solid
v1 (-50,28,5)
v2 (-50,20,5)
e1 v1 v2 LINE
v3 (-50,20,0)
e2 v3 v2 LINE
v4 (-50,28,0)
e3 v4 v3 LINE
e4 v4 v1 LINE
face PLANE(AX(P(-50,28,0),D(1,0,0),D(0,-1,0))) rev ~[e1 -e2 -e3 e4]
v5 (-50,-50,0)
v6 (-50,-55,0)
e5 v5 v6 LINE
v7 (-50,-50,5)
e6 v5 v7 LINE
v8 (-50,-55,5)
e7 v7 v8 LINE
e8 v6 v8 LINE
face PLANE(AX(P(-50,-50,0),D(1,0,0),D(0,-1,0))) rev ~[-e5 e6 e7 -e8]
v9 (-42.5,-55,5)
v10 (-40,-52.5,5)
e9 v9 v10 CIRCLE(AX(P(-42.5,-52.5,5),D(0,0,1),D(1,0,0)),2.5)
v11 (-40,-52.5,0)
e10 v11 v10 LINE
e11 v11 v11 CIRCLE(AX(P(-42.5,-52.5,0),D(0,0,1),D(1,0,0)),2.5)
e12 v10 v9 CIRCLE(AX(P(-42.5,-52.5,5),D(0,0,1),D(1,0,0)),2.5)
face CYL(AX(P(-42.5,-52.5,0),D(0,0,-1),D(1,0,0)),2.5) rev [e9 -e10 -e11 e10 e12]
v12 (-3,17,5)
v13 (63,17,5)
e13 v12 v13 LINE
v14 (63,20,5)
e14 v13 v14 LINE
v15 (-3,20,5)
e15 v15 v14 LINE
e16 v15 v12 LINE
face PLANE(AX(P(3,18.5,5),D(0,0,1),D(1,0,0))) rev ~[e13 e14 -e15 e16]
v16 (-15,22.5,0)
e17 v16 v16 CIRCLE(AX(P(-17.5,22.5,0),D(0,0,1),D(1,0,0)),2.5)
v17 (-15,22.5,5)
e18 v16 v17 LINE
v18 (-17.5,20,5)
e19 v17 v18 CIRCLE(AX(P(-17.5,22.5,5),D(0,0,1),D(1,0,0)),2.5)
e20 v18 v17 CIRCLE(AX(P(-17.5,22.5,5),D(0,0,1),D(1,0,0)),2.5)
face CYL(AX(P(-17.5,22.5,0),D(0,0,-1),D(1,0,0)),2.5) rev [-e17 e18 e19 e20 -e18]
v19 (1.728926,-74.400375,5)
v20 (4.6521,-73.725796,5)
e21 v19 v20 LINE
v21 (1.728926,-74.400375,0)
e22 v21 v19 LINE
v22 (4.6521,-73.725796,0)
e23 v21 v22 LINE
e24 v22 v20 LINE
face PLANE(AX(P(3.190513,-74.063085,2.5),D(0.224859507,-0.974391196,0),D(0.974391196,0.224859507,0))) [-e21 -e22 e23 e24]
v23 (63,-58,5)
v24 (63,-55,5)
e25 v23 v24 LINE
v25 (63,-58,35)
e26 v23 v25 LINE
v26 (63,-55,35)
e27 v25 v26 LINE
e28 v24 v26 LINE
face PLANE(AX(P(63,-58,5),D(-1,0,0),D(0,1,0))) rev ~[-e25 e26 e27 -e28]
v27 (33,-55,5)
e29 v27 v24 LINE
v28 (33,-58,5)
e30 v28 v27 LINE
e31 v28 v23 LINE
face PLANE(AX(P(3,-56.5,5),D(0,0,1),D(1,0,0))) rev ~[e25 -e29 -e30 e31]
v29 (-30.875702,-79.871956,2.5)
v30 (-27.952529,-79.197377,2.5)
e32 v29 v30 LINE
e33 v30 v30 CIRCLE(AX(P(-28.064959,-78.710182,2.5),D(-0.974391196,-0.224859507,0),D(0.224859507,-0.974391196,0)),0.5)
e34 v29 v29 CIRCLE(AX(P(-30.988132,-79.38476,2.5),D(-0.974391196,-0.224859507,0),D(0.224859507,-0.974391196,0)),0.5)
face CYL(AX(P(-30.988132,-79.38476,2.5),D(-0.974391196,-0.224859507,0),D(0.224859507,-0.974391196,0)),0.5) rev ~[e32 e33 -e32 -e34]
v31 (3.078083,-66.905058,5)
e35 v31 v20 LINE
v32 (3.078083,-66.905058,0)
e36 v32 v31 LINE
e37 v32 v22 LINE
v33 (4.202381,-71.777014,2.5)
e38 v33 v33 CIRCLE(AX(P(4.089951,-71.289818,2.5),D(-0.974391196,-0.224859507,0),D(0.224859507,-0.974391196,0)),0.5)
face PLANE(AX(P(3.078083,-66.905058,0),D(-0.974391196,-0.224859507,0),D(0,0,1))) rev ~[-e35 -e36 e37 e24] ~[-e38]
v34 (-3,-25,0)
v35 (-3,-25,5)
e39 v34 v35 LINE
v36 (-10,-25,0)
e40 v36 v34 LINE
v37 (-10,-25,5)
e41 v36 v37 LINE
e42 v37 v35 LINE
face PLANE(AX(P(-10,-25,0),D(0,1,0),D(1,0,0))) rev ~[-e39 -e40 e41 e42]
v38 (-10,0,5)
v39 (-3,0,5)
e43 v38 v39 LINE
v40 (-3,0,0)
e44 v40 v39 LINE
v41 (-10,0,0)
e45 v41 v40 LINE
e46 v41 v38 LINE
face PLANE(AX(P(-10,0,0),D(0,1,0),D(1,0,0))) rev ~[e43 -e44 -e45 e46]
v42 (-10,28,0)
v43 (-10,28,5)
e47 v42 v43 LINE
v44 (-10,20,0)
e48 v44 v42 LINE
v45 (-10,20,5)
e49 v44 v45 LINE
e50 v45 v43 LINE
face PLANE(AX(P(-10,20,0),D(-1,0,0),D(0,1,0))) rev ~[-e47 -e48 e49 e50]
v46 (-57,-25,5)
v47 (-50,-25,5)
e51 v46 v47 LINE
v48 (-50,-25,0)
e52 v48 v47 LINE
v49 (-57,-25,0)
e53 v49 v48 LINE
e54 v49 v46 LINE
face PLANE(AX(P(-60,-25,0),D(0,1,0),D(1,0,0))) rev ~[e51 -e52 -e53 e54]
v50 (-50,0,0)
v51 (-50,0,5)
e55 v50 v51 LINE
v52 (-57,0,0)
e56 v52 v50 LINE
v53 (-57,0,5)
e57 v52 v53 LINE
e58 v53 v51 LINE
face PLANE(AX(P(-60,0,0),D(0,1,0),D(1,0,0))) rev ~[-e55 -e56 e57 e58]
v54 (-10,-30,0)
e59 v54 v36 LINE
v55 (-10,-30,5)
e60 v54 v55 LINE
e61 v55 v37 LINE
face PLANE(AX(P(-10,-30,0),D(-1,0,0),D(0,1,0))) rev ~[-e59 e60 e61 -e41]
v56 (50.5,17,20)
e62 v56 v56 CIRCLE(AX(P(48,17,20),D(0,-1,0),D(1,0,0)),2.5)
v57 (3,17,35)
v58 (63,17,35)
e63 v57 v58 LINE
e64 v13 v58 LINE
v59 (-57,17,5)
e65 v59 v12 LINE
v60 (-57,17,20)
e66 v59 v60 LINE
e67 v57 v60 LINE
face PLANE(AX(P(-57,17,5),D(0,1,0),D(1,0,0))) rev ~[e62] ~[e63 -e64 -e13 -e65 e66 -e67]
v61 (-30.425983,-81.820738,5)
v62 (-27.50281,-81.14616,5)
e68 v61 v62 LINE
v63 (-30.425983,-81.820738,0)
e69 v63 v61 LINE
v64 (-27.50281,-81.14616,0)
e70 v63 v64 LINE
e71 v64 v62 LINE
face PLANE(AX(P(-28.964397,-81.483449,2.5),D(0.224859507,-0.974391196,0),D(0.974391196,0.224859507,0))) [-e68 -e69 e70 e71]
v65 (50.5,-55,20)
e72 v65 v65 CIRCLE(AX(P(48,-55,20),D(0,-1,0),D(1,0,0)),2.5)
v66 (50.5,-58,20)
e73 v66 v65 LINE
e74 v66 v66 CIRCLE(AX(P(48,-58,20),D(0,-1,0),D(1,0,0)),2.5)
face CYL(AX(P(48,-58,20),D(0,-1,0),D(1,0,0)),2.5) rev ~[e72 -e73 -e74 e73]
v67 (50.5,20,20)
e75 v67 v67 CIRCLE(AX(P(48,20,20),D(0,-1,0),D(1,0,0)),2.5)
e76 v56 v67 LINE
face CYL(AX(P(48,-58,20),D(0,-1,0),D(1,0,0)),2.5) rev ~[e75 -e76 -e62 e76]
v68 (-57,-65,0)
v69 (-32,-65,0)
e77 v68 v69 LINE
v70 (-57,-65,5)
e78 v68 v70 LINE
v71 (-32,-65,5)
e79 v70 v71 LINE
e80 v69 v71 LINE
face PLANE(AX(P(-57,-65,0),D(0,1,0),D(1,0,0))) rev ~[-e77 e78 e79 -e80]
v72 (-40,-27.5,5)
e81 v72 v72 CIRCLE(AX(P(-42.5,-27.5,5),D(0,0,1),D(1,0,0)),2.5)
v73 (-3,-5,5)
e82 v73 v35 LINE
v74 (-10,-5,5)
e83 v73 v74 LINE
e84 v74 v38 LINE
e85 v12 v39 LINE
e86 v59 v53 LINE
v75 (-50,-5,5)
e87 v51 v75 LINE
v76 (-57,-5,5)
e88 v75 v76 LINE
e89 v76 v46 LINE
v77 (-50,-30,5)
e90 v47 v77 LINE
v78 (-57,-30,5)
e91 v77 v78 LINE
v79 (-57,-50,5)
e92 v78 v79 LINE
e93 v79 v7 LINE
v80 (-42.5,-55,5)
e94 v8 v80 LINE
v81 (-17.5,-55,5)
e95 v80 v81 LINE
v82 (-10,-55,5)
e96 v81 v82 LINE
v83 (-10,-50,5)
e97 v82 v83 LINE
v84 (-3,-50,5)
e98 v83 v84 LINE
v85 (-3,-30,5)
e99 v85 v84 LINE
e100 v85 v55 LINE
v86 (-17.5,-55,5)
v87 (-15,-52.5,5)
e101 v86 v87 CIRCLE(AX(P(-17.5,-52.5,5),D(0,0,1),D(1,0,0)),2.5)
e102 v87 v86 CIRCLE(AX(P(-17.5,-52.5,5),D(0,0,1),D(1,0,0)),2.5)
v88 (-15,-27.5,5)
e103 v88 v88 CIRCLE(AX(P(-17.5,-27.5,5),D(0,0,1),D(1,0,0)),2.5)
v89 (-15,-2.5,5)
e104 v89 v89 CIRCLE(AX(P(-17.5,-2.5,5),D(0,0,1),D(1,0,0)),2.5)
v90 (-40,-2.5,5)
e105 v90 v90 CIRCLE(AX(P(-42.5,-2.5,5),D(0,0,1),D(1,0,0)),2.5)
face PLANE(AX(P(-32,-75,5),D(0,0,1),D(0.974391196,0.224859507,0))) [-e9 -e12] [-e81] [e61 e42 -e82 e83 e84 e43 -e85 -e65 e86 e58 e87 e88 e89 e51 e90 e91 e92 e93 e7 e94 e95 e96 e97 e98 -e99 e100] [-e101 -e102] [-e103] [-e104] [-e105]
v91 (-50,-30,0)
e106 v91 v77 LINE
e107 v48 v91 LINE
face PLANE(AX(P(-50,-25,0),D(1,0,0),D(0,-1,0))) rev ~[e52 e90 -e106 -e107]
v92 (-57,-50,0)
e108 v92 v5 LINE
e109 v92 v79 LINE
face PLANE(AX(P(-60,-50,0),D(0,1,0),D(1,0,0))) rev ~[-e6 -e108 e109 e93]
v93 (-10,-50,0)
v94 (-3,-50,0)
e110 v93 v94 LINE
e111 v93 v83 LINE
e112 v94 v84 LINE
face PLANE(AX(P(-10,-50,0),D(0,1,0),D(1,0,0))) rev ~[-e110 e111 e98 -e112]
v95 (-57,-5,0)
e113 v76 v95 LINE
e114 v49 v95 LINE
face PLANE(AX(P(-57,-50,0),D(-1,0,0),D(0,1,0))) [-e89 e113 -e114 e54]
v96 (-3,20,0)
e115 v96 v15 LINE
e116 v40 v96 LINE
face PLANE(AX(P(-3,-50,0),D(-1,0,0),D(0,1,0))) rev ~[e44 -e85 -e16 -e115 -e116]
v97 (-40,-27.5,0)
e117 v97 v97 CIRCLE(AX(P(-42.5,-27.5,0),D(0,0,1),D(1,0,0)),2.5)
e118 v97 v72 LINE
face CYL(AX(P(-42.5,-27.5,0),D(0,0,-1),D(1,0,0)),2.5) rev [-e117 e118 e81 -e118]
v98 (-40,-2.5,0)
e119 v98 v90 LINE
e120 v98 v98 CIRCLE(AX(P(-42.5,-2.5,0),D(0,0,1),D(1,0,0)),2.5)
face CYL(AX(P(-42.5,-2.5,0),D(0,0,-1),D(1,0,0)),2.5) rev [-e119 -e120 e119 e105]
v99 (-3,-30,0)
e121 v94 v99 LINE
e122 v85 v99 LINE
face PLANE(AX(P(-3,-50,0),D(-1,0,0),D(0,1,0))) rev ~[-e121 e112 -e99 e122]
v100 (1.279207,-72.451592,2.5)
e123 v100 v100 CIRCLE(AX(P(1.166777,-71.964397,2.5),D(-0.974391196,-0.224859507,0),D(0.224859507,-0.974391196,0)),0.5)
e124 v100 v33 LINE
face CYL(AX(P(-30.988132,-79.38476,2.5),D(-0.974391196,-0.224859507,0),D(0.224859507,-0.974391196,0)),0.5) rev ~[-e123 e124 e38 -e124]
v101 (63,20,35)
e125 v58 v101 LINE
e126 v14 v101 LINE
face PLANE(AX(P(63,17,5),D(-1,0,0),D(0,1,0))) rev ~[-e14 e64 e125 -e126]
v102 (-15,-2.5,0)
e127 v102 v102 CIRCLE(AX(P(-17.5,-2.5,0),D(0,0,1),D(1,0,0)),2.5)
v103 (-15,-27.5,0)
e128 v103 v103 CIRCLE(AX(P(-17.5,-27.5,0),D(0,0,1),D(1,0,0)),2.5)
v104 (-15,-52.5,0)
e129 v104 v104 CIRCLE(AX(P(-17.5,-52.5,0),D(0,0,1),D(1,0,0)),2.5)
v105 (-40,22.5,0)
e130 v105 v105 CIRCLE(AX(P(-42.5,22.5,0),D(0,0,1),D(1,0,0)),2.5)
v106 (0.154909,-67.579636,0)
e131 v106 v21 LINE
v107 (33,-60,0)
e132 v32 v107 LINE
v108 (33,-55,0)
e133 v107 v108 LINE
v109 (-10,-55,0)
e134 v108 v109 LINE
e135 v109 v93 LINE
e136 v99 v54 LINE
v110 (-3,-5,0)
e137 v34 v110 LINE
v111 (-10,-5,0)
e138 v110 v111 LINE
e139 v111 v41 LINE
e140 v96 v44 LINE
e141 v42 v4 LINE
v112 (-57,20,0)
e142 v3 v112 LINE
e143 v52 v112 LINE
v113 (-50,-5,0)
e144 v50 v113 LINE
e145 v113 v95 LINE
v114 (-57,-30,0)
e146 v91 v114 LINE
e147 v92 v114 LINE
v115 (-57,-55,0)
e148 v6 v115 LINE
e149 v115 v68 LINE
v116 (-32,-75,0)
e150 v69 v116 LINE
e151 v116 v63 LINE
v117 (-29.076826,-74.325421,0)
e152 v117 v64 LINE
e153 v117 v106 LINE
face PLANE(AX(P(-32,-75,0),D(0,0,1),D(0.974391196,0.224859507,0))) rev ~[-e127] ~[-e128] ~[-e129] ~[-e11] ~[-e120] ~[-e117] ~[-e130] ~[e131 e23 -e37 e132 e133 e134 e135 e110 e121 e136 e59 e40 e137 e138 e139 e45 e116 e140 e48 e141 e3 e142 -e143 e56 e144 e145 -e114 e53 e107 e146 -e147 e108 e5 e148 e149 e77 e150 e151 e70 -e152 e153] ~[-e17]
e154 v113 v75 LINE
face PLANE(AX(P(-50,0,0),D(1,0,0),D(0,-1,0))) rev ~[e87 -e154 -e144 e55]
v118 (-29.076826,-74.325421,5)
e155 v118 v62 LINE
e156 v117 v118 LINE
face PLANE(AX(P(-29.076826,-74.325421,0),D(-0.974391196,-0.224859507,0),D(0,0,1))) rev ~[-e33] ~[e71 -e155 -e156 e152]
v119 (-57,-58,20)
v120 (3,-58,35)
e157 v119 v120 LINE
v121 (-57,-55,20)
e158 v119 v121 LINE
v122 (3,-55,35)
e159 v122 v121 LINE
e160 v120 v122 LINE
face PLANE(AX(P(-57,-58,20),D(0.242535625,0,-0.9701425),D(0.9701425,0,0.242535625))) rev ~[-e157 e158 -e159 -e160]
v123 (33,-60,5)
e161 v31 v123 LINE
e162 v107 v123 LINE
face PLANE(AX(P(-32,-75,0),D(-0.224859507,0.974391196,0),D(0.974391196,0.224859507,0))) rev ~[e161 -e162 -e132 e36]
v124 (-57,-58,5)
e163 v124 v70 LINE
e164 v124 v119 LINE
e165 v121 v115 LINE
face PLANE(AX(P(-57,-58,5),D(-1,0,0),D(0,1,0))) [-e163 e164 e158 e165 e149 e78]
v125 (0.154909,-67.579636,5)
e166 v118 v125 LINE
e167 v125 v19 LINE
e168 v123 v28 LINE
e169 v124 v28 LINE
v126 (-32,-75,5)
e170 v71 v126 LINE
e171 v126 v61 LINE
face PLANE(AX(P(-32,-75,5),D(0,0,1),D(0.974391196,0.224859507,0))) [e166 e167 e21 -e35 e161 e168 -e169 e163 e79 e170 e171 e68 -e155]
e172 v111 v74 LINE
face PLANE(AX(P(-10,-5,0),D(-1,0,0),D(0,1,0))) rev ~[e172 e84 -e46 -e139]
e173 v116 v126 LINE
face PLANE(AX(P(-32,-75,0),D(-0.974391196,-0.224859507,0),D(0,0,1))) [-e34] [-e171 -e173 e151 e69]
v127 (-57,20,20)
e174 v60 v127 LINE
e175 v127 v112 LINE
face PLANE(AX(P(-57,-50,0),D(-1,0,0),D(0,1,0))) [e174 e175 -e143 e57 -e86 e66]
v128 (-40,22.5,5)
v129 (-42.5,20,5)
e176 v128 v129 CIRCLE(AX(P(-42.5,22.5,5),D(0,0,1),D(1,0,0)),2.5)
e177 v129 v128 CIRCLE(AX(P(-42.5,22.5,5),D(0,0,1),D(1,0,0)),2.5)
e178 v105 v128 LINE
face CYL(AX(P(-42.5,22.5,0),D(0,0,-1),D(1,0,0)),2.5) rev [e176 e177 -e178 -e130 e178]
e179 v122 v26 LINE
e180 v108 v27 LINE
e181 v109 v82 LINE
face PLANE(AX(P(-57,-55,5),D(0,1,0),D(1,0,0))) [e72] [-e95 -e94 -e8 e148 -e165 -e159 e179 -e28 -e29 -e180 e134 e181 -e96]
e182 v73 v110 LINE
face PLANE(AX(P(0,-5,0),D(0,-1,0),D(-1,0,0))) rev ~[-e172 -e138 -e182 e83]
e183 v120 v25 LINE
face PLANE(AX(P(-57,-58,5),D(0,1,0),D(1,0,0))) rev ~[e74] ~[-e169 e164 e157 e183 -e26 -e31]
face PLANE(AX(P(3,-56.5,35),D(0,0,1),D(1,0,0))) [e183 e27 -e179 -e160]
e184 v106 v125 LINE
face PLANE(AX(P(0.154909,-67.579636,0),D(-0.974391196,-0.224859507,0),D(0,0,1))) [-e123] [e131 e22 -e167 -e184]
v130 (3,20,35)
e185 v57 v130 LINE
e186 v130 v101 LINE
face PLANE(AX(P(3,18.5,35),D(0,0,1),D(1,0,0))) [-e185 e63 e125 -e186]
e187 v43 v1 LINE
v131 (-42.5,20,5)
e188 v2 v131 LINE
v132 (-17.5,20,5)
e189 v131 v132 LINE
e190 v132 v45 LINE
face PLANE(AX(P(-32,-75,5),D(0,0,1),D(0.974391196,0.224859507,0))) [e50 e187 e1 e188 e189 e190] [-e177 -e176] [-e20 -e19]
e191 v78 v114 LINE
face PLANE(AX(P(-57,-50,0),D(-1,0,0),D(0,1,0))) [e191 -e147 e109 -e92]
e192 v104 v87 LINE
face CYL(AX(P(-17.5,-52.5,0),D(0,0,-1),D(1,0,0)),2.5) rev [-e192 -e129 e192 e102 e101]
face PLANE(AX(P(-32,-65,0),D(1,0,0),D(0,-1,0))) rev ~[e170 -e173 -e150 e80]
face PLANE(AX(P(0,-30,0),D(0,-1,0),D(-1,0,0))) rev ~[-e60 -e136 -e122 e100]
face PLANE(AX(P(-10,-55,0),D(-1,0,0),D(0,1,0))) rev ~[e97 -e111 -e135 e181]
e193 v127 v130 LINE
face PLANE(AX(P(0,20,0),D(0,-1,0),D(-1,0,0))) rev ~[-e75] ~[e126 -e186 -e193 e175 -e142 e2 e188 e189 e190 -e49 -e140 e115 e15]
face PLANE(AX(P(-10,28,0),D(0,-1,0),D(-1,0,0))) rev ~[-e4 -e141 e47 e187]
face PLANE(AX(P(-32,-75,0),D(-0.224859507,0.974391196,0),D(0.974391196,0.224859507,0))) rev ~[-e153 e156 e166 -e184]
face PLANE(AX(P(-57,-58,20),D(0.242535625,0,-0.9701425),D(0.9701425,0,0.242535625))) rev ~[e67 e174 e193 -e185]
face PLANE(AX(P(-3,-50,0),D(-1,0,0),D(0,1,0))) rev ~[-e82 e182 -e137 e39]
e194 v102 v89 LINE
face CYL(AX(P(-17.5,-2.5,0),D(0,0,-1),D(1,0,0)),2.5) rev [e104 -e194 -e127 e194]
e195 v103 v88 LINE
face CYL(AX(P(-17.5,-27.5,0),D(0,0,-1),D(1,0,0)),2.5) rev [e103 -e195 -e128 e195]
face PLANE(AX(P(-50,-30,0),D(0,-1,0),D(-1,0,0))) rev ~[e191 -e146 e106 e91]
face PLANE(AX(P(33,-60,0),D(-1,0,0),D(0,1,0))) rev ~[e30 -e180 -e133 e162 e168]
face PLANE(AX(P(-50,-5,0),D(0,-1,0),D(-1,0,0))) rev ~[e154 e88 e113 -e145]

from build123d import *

# Parameters (mm, degrees)
SKETCH1_R           = 2.5
BOSS_EXTRUDE1_DEPTH = 5
SKETCH2_W           = 3
SKETCH2_H           = 70
CUT_EXTRUDE3_DEPTH  = 10
SKETCH7_W           = 3
SKETCH7_H           = 5
BOSS_EXTRUDE5_DEPTH = 7
SKETCH8_R           = 0.5
CUT_EXTRUDE5_DEPTH  = 40
SKETCH9_W           = 120
SKETCH9_H           = 3
BOSS_EXTRUDE6_DEPTH = 30
SKETCH10_R          = 2.5
CUT_EXTRUDE6_DEPTH  = 100


with BuildPart() as part:
    # Sketch1 → Boss-Extrude1 (new body)
    with BuildSketch(Plane.XY):
        Polygon((-50, 20), (-60, 20), (-60, 0), (-50, 0), (-50, -5), (-60, -5), (-60, -25), (-50, -25), (-50, -30), (-60, -30), (-60, -50), (-50, -50), (-50, -55), (-57, -55), (-57, -65), (-32, -65), (-32, -75), (33, -60), (33, -55), (-10, -55), (-10, -50), (0, -50), (0, -30), (-10, -30), (-10, -25), (0, -25), (0, -5), (-10, -5), (-10, 0), (0, 0), (0, 20), (-10, 20), (-10, 28), (-50, 28), align=None)
        with Locations((-42.5, 22.5)):
            Circle(SKETCH1_R, mode=Mode.SUBTRACT)
        with Locations((-17.5, 22.5)):
            Circle(SKETCH1_R, mode=Mode.SUBTRACT)
        with Locations((-42.5, -2.5)):
            Circle(SKETCH1_R, mode=Mode.SUBTRACT)
        with Locations((-17.5, -2.5)):
            Circle(SKETCH1_R, mode=Mode.SUBTRACT)
        with Locations((-17.5, -27.5)):
            Circle(SKETCH1_R, mode=Mode.SUBTRACT)
        with Locations((-42.5, -27.5)):
            Circle(SKETCH1_R, mode=Mode.SUBTRACT)
        with Locations((-17.5, -52.5)):
            Circle(SKETCH1_R, mode=Mode.SUBTRACT)
        with Locations((-42.5, -52.5)):
            Circle(SKETCH1_R, mode=Mode.SUBTRACT)
    extrude(amount=BOSS_EXTRUDE1_DEPTH)

    # Sketch2 → Cut-Extrude3 (cut)
    with BuildSketch(Plane(origin=(0, 0, 0), x_dir=(-1, 0, 0), z_dir=(0, 0, -1))):
        with Locations((58.5, -15)):
            Rectangle(SKETCH2_W, SKETCH2_H)
        with Locations((1.5, -15)):
            Rectangle(SKETCH2_W, SKETCH2_H)
    extrude(amount=-CUT_EXTRUDE3_DEPTH, mode=Mode.SUBTRACT)

    # Sketch7 → Boss-Extrude5 (add)
    with BuildSketch(Plane(origin=(14.814606742, -64.196629213, 0), x_dir=(0.97439119569462, 0.22485950669875845, 0), z_dir=(0.22485950669875845, -0.97439119569462, 0))):
        with Locations((-46.544981265, 2.5)):
            Rectangle(SKETCH7_W, SKETCH7_H)
        with Locations((-13.544981265, 2.5)):
            Rectangle(SKETCH7_W, SKETCH7_H)
    extrude(amount=BOSS_EXTRUDE5_DEPTH)

    # Sketch8 → Cut-Extrude5 (cut)
    with BuildSketch(Plane(origin=(-46.814606742, -10.803370787, 0), x_dir=(0, 0, 1), z_dir=(-0.97439119569462, -0.22485950669875848, 0))):
        with Locations((2.5, -70.383835463)):
            Circle(SKETCH8_R)
    extrude(amount=-CUT_EXTRUDE5_DEPTH, mode=Mode.SUBTRACT)

    # Sketch9 → Boss-Extrude6 (add)
    with BuildSketch(Plane.XY.offset(5)):
        with Locations((3, -56.5)):
            Rectangle(SKETCH9_W, SKETCH9_H)
        with Locations((3, 18.5)):
            Rectangle(SKETCH9_W, SKETCH9_H)
    extrude(amount=BOSS_EXTRUDE6_DEPTH)

    # Sketch10 → Cut-Extrude6 (cut)
    with BuildSketch(Plane.XZ.offset(58)):
        with Locations((48, 20)):
            Circle(SKETCH10_R)
        Polygon((-57, 20), (3, 35), (-57, 35), align=None)
    extrude(amount=-CUT_EXTRUDE6_DEPTH, mode=Mode.SUBTRACT)


solid = part.part
